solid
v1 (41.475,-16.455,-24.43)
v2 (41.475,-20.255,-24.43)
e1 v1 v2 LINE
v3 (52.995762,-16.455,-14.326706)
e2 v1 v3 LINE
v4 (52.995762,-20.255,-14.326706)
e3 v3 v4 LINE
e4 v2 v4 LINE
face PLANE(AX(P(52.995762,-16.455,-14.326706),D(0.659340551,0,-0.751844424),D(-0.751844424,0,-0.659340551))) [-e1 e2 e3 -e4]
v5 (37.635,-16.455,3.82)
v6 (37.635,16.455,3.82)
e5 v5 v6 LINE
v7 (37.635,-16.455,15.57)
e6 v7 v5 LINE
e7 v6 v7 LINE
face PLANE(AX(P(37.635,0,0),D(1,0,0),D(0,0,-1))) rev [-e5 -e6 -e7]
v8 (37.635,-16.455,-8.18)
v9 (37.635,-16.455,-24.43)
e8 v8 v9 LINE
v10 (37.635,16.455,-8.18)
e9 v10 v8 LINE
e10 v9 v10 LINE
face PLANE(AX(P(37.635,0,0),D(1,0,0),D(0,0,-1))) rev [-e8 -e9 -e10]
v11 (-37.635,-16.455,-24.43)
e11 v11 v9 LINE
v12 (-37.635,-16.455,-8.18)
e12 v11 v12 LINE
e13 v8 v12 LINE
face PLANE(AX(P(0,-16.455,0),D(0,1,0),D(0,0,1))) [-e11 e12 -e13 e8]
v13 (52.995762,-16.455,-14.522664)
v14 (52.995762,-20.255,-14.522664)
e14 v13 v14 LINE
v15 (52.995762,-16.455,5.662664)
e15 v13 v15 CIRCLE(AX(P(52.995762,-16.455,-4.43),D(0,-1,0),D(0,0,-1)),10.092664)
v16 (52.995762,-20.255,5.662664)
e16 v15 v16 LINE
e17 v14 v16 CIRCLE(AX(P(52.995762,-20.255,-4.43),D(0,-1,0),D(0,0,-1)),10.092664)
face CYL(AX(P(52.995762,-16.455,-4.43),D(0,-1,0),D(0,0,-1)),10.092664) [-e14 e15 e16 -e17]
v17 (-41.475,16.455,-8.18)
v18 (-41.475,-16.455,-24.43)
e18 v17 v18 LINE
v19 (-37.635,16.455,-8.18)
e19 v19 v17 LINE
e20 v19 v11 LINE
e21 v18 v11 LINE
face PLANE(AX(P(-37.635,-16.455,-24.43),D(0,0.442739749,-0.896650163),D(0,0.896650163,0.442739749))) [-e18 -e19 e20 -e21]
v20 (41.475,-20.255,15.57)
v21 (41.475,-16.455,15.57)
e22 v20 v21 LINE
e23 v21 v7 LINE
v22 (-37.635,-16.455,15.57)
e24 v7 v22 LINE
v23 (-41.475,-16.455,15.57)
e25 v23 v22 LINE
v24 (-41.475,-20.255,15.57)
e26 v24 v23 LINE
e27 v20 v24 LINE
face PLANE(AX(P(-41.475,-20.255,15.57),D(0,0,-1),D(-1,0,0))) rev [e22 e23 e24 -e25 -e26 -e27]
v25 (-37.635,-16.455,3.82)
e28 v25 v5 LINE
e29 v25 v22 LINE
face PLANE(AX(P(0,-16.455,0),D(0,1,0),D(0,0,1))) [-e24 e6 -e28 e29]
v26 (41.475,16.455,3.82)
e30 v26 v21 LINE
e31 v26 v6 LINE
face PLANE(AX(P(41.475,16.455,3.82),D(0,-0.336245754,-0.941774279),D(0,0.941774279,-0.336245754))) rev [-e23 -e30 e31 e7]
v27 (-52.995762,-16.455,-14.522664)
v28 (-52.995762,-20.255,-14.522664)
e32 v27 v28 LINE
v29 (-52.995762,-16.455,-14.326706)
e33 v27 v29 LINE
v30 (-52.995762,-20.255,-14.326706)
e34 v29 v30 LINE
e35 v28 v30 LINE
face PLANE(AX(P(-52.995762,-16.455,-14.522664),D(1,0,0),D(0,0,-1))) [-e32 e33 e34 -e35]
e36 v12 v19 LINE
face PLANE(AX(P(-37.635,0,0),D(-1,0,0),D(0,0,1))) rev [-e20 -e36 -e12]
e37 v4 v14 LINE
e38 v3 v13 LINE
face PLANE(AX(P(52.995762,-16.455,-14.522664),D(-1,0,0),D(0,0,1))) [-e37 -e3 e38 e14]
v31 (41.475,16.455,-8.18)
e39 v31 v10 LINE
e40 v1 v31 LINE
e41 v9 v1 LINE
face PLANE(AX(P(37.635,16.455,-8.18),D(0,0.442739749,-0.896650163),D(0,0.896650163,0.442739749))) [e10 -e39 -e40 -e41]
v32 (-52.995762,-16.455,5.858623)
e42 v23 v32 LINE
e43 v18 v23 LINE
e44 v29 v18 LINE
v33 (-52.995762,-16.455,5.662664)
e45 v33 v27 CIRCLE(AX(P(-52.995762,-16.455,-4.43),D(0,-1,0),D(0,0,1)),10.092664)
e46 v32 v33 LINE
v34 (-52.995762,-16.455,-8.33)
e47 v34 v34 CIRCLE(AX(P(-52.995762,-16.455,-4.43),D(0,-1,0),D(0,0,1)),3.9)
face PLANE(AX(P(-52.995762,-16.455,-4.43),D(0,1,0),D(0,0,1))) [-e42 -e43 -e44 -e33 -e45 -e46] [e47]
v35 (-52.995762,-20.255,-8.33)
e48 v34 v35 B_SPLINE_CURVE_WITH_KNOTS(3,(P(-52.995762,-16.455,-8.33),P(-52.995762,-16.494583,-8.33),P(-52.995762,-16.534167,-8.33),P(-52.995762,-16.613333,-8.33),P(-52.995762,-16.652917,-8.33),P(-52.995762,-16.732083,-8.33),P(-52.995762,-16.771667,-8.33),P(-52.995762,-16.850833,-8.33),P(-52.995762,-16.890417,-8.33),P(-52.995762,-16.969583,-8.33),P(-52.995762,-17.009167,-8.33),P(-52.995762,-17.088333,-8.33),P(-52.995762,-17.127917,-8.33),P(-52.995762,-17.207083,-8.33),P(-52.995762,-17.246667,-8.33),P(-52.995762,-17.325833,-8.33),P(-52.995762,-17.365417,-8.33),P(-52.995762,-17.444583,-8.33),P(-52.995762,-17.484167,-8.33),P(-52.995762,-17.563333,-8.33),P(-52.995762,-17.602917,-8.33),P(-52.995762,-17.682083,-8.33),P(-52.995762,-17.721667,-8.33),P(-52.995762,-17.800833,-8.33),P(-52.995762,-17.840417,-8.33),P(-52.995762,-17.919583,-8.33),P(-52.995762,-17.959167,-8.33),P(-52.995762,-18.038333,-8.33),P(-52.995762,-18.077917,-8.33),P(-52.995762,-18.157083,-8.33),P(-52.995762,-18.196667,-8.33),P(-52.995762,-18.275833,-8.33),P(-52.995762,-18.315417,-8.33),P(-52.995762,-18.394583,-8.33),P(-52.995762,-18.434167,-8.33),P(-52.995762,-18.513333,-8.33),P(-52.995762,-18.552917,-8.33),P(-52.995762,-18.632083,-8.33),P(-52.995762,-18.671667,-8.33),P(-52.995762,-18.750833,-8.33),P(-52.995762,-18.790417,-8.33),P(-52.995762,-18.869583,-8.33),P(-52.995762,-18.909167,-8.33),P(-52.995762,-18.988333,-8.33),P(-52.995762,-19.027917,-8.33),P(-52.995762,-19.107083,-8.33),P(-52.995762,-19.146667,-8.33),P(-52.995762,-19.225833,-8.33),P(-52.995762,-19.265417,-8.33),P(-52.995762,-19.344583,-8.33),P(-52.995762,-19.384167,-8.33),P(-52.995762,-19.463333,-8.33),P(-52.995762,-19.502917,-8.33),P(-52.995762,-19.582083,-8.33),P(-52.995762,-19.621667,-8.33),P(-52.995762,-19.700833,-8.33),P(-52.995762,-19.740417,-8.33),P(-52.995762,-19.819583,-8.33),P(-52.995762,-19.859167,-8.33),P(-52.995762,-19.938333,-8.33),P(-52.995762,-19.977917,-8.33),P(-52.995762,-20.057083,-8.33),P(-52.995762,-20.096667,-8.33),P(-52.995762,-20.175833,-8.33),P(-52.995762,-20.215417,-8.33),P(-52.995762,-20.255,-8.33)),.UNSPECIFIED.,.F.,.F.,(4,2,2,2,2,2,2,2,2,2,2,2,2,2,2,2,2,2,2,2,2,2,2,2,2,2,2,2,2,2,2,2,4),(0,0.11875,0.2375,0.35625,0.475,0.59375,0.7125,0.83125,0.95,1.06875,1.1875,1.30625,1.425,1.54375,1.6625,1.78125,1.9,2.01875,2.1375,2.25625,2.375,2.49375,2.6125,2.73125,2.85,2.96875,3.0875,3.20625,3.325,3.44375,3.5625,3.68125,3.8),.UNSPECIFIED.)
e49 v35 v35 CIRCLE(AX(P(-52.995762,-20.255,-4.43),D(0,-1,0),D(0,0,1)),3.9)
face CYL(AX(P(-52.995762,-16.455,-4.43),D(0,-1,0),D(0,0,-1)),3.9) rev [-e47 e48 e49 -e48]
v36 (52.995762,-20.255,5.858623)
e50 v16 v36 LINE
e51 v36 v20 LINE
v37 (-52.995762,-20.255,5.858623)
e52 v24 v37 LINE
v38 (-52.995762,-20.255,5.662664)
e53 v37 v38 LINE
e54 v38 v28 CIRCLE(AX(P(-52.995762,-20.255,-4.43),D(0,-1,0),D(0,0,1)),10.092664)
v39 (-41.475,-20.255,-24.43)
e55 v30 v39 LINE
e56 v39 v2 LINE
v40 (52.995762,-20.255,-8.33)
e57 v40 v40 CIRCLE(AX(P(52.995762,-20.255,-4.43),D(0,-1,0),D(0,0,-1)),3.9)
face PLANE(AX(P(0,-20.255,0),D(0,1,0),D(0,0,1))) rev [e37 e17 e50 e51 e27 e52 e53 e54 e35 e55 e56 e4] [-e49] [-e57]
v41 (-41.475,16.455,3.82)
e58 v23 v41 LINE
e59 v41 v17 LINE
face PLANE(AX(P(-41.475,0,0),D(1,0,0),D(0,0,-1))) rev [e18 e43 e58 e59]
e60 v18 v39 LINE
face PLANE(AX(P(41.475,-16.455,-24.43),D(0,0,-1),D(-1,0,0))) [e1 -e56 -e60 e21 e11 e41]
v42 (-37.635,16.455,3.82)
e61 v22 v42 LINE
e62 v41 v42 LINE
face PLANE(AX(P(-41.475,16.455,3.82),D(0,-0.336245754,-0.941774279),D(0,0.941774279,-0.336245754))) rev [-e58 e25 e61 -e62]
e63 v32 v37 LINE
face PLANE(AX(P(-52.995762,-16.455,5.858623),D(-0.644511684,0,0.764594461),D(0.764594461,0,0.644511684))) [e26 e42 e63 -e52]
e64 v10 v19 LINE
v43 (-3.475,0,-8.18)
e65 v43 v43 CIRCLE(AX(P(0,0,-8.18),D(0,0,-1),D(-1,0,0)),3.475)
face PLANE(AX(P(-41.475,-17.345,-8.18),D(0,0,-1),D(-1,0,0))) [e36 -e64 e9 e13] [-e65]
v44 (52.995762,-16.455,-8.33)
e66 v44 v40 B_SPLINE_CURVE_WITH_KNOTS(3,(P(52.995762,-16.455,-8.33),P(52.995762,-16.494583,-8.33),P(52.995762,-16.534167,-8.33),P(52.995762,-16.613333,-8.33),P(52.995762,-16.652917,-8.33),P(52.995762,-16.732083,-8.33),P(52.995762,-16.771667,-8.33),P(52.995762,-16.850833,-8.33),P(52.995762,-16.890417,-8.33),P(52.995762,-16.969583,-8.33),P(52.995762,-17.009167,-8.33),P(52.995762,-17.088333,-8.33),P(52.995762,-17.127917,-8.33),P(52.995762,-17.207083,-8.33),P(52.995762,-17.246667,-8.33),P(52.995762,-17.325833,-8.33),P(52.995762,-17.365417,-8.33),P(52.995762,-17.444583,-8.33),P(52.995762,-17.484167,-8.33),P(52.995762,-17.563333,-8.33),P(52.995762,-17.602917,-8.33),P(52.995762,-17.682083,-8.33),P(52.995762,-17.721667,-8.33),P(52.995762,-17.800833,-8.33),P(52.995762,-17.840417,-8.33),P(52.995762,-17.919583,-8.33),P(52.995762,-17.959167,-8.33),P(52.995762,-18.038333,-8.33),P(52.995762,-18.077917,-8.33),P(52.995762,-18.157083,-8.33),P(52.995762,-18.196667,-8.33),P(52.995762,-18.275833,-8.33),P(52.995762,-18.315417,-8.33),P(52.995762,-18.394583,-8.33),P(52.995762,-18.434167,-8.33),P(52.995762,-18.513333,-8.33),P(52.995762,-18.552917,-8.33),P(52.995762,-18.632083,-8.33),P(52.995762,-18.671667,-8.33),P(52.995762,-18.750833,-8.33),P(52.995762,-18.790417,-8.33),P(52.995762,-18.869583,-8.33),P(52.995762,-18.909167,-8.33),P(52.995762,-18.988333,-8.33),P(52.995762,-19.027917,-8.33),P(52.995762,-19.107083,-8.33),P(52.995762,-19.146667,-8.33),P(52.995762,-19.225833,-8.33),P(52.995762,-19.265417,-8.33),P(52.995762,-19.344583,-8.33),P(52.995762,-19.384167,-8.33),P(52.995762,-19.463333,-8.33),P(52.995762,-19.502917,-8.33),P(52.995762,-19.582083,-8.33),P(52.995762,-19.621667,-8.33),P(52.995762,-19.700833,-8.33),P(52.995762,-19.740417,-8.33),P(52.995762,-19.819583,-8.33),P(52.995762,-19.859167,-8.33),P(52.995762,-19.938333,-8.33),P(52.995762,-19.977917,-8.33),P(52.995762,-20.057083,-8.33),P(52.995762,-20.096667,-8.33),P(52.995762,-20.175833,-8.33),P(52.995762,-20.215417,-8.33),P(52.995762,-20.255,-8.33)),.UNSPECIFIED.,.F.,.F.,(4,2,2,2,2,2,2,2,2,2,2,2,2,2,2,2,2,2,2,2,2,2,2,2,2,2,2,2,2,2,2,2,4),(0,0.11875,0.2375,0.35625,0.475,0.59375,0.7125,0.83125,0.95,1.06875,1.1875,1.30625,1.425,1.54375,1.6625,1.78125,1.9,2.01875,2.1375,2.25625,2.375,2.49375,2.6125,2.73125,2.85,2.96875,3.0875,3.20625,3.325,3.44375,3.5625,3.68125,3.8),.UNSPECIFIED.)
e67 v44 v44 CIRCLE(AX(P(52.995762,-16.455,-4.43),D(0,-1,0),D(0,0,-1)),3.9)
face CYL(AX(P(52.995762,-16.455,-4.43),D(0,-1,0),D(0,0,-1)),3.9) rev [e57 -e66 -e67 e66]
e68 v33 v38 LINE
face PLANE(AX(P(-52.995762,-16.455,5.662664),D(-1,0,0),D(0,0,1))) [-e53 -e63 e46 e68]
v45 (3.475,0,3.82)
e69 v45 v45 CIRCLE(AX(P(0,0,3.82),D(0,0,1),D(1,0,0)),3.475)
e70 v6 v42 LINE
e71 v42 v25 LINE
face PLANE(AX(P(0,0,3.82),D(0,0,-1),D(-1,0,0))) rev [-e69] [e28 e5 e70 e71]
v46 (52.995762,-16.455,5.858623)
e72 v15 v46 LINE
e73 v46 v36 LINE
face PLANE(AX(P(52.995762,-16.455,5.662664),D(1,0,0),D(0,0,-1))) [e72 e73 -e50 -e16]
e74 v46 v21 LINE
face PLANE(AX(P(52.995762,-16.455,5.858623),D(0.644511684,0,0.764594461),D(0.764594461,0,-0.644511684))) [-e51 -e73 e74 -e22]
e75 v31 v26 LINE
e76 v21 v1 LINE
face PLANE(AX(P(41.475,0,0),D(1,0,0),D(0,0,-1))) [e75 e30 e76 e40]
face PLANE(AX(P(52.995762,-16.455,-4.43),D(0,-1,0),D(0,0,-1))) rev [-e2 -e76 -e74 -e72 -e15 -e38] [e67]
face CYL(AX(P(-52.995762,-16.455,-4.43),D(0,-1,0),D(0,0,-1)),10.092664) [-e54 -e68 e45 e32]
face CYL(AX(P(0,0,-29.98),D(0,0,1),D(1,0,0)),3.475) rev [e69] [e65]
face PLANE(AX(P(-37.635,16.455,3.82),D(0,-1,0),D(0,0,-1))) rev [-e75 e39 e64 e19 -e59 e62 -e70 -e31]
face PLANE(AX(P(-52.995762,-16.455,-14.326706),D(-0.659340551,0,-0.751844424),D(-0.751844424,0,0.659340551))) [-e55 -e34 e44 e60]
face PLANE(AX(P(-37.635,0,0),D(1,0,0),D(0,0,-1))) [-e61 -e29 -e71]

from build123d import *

# Parameters (mm, degrees)
CROQUIS3_W               = 75.27
CROQUIS3_H               = 32.91
SALIENTE_EXTRUIR1_DEPTH  = 3.82
SALIENTE_EXTRUIR2_DEPTH  = 3.84
SALIENTE_EXTRUIR3_DEPTH  = 3.84
CROQUIS8_W               = 82.95
CROQUIS8_H               = 15.57
SALIENTE_EXTRUIR5_DEPTH  = 3.8
CROQUIS9_W               = 82.95
CROQUIS9_H               = 24.43
SALIENTE_EXTRUIR7_DEPTH  = 3.8
CROQUIS10_W              = 82.95
CROQUIS10_H              = 8.18
SALIENTE_EXTRUIR9_DEPTH  = 33.8
CROQUIS11_R              = 3.475
CORTAR_EXTRUIR3_DEPTH    = 33.8
SALIENTE_EXTRUIR10_DEPTH = 3.84
SALIENTE_EXTRUIR11_DEPTH = 3.84
CROQUIS15_R              = 3.9
SALIENTE_EXTRUIR12_DEPTH = 3.8


with BuildPart() as part:
    # Croquis3 → Saliente-Extruir1 (new body)
    with BuildSketch(Plane.XY):
        Rectangle(CROQUIS3_W, CROQUIS3_H)
    extrude(amount=SALIENTE_EXTRUIR1_DEPTH)

    # Croquis4 → Saliente-Extruir2 (add)
    with BuildSketch(Plane(origin=(37.635, 0, 0), x_dir=(0, 0, -1), z_dir=(1, 0, 0))):
        Polygon((-3.82, -16.455), (0, -16.455), (0, 16.455), (-3.82, 16.455), (-15.57, -16.455), align=None)
    extrude(amount=SALIENTE_EXTRUIR2_DEPTH)

    # Croquis5 → Saliente-Extruir3 (add)
    with BuildSketch(Plane.ZY.offset(37.635)):
        Polygon((3.82, -16.455), (0, -16.455), (0, 16.455), (3.82, 16.455), (15.57, -16.455), align=None)
    extrude(amount=SALIENTE_EXTRUIR3_DEPTH)

    # Croquis8 → Saliente-Extruir5 (add)
    with BuildSketch(Plane(origin=(0, -16.455, 0), x_dir=(-1, 0, 0), z_dir=(0, -1, 0))):
        with Locations((0, -7.785)):
            Rectangle(CROQUIS8_W, CROQUIS8_H)
    extrude(amount=SALIENTE_EXTRUIR5_DEPTH)

    # Croquis9 → Saliente-Extruir7 (add)
    with BuildSketch(Plane.XZ.offset(20.255)):
        with Locations((0, -12.215)):
            Rectangle(CROQUIS9_W, CROQUIS9_H)
    extrude(amount=-SALIENTE_EXTRUIR7_DEPTH)

    # Croquis10 → Saliente-Extruir9 (add)
    with BuildSketch(Plane(origin=(0, 16.455, 0), x_dir=(1, 0, 0), z_dir=(0, 1, 0))):
        with Locations((0, 4.09)):
            Rectangle(CROQUIS10_W, CROQUIS10_H)
    extrude(amount=-SALIENTE_EXTRUIR9_DEPTH)

    # Croquis11 → Cortar-Extruir3 (cut)
    with BuildSketch(Plane.XY.offset(3.82)):
        Circle(CROQUIS11_R)
    extrude(amount=-CORTAR_EXTRUIR3_DEPTH, mode=Mode.SUBTRACT)

    # Croquis12 → Saliente-Extruir10 (add)
    with BuildSketch(Plane(origin=(41.475, 0, 0), x_dir=(0, 0, -1), z_dir=(1, 0, 0))):
        Polygon((8.18, 16.455), (24.43, -16.455), (8.18, -16.455), align=None)
    extrude(amount=-SALIENTE_EXTRUIR10_DEPTH)

    # Croquis14 → Saliente-Extruir11 (add)
    with BuildSketch(Plane.ZY.offset(41.475)):
        Polygon((-8.18, 16.455), (-8.18, -16.772028127), (-24.43, -16.455), align=None)
    extrude(amount=-SALIENTE_EXTRUIR11_DEPTH)

    # Croquis15 → Saliente-Extruir12 (add)
    # profile 1 of 2: a face of its own
    with BuildSketch(Plane.XZ.offset(20.255)):
        with BuildLine():
            Line((41.475, 15.57), (41.475, -24.43))
            Line((41.475, -24.43), (52.99576157, -14.32670597))
            Line((52.99576157, -14.32670597), (52.99576157, -14.522664239))
            ThreePointArc((52.99576157, -14.522664239), (63.088425809, -4.43), (52.99576157, 5.662664239))
            Line((52.99576157, 5.662664239), (52.99576157, 5.858622508))
            Line((52.99576157, 5.858622508), (41.475, 15.57))
        make_face()
        with Locations(Location((52.99576157, -4.43, 0), (0, 0, 270))):
            Circle(CROQUIS15_R, mode=Mode.SUBTRACT)
    # profile 2 of 2: a face of its own
    with BuildSketch(Plane.XZ.offset(20.255)):
        with BuildLine():
            Line((-52.99576157, 5.858622508), (-41.475, 15.57))
            Line((-41.475, 15.57), (-41.475, -24.43))
            Line((-41.475, -24.43), (-52.99576157, -14.32670597))
            Line((-52.99576157, -14.32670597), (-52.99576157, -14.522664239))
            ThreePointArc((-52.99576157, -14.522664239), (-63.088425809, -4.43), (-52.99576157, 5.662664239))
            Line((-52.99576157, 5.662664239), (-52.99576157, 5.858622508))
        make_face()
        with Locations(Location((-52.99576157, -4.43, 0), (0, 0, 270))):
            Circle(CROQUIS15_R, mode=Mode.SUBTRACT)
    extrude(amount=-SALIENTE_EXTRUIR12_DEPTH)


solid = part.part
